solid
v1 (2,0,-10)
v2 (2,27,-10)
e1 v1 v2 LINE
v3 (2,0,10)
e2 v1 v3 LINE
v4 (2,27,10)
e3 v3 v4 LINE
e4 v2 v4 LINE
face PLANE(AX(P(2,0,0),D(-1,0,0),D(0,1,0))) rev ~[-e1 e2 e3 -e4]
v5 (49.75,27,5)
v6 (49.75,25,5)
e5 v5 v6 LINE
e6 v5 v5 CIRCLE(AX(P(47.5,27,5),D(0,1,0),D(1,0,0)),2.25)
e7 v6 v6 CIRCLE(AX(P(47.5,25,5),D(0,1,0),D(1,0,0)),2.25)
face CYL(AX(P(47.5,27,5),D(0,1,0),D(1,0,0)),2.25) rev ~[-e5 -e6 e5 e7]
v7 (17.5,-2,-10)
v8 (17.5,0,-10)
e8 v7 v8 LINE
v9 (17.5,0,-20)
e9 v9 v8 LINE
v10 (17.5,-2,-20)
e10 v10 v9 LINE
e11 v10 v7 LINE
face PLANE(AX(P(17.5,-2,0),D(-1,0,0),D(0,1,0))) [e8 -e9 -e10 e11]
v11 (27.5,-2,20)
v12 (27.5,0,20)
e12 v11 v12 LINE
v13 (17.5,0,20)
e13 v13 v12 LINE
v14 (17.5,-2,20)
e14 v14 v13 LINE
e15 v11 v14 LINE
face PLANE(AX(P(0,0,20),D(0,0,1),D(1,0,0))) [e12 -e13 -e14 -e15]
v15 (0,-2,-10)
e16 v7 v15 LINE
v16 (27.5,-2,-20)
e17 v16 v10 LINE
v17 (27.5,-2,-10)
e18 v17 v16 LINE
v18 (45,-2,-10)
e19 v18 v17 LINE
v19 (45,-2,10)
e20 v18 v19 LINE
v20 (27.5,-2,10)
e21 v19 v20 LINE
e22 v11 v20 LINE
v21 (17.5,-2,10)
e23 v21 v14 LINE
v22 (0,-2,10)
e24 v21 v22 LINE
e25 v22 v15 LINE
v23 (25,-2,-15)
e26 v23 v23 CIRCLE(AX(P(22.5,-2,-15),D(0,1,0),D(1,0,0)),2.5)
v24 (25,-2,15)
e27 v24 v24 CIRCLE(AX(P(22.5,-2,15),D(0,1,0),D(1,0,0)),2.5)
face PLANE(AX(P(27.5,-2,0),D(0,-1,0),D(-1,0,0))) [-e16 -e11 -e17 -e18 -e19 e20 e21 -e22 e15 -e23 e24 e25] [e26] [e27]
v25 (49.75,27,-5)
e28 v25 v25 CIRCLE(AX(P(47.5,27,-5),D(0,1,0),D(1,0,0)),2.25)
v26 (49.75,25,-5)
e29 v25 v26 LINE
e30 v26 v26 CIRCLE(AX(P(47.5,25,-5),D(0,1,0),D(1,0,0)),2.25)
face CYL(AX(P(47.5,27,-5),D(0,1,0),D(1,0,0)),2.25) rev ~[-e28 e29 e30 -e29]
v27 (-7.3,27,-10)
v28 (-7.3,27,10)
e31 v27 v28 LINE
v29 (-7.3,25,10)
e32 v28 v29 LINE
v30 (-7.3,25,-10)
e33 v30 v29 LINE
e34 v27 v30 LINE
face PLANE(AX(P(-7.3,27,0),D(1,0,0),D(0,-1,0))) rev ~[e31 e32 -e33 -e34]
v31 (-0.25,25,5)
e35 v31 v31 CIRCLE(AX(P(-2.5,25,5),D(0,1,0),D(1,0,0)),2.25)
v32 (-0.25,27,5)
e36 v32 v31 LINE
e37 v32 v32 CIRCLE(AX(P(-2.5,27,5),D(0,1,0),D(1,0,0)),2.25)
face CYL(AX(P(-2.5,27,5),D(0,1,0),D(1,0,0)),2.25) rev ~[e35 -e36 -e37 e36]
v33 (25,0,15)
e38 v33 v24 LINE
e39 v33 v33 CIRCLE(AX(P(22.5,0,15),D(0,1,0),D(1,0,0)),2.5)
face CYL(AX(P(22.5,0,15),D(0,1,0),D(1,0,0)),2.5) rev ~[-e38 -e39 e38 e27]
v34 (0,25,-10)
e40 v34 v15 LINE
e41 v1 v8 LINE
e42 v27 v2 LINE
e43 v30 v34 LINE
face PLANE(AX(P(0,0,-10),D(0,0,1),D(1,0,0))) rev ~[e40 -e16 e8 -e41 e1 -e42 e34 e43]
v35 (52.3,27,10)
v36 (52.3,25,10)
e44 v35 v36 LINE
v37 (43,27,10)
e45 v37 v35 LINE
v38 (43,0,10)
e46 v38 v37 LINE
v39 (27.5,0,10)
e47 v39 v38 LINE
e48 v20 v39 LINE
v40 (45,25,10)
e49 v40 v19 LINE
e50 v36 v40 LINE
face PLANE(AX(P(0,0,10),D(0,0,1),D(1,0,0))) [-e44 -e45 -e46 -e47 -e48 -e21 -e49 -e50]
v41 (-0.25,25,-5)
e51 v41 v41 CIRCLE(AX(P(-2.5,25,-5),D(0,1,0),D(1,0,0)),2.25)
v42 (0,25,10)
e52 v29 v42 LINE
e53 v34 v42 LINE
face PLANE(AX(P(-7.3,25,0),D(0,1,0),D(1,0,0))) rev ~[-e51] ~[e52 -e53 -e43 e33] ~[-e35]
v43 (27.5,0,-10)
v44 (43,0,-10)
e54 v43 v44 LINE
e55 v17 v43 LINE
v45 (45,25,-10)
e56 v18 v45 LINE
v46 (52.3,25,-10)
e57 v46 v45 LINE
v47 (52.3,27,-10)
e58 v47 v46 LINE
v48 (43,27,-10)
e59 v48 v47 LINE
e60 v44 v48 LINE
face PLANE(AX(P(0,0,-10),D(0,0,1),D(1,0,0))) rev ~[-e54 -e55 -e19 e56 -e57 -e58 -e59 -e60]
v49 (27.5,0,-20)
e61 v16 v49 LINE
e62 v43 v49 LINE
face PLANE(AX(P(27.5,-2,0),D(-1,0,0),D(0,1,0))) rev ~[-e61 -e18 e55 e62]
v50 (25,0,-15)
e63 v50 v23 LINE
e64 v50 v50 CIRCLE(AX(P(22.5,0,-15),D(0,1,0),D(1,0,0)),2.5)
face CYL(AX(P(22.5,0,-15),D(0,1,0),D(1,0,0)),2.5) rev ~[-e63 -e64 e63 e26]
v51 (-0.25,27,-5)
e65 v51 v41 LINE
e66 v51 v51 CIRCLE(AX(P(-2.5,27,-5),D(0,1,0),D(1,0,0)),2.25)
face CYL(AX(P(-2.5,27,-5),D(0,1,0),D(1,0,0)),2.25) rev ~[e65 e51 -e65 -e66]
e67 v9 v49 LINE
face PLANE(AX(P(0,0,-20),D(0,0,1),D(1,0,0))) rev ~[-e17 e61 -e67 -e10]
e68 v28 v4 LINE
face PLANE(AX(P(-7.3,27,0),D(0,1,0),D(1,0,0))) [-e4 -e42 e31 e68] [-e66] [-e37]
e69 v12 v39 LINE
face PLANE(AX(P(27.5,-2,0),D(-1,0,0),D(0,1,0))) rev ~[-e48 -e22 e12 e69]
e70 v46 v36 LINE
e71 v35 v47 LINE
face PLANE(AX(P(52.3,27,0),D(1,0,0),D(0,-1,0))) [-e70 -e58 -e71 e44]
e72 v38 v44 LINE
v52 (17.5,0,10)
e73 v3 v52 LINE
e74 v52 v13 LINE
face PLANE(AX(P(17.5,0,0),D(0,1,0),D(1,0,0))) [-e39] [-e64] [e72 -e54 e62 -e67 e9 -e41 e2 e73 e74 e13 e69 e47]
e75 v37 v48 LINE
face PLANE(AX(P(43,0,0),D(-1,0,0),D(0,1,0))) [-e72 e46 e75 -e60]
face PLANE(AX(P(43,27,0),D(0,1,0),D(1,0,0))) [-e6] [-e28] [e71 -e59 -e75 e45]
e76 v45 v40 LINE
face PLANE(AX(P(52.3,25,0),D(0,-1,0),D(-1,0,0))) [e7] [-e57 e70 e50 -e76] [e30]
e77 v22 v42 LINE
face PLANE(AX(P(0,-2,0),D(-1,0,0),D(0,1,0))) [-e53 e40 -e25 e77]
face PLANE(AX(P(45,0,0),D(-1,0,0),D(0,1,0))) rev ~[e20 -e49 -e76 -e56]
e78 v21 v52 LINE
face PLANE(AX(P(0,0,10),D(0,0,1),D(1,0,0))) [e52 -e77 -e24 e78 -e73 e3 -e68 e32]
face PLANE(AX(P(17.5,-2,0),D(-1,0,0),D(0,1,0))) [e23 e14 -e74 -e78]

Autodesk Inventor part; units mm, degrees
ref_plane "YZ Plane" through (0, 0, 0) normal (1, 0, 0) x (0, 1, 0)
ref_plane "XZ Plane" through (0, 0, 0) normal (0, 1, 0) x (-1, 0, 0)
ref_plane "XY Plane" through (0, 0, 0) normal (0, 0, 1) x (1, 0, 0)
sketch "Sketch1" plane through (0, 0, 0) normal (0, 0, 1) x (1, 0, 0)
  line L0 (2, 0) -> (43, 0)
  line L1 (45, 0) -> (45, -2)
  line L2 (45, -2) -> (0, -2)
  line L3 (0, -2) -> (0, 0)
  line L4 (45, 0) -> (45, 25)
  line L5 (52.3, 27) -> (52.3, 25)
  line L6 (52.3, 25) -> (45, 25)
  line L7 (22.5, -2) -> (22.5, 38) construction
  line L8 (0, 0) -> (0, 25)
  line L9 (-7.3, 27) -> (-7.3, 25)
  line L10 (-7.3, 25) -> (0, 25)
  line L11 (2, 0) -> (2, 27)
  line L12 (43, 0) -> (43, 27)
  line L13 (43, 27) -> (52.3, 27)
  line L14 (-7.3, 27) -> (2, 27)
  line L15 (17.5, -2) -> (17.5, 0)
  line L16 (27.5, -2) -> (27.5, 0)
  point P0 (27.5, -2)
  point P1 (17.5, -2)
  dimension "d0" = 45
  dimension "d4" = 2
  dimension "d5" = 40
  dimension "d8" = 2
  dimension "d9" = 27
  dimension "d11" = 9.3
  dimension "d20" = 2
  dimension "d29" = 5
  dimension "d30" = 10
extrude "Extrusion1" add sketch "Sketch1" along normal mid plane 20 contours L0 L15 L2 L3 L8 L10 L9 L14 L11 | L0 L12 L13 L5 L6 L4 L1 L2 L16
sketch "Sketch3" plane through (-7.3, 27, -10) normal (0, 1, 0) x (1, 0, 0)
  circle A0 centre (4.8, -5) radius 2.25
  line L0 (9.3, 0) -> (9.3, -20) projected
  line L1 (0, 0) -> (9.3, 0) projected
  circle A1 centre (4.8, -15) radius 2.25
  line L2 (7.3, -20) -> (52.3, -20) construction
  line L3 (29.8, -20) -> (29.8, 0) construction
  circle A2 centre (54.8, -5) radius 2.25
  circle A3 centre (54.8, -15) radius 2.25
  dimension "d21" = 4.5
  dimension "d22" = 4.5
  dimension "d23" = 5
  dimension "d24" = 4.5
  dimension "d25" = 10
  dimension "d26" = 4.5
extrude "Extrusion2" cut sketch "Sketch3" against normal through all
extrude "Extrusion3" add sketch "Sketch1" along normal mid plane 40 contours L0 L16 L2 L15
sketch "Sketch4" plane through (2, 0, 10) normal (0, 1, 0) x (1, 0, 0)
  circle A0 centre (20.5, -5) radius 2.5
  circle A1 centre (20.5, 25) radius 2.5
  line L0 (15.5, 30) -> (25.5, 30) projected
  line L1 (25.5, 20) -> (25.5, 30) projected
  line L2 (25.5, -10) -> (25.5, 0) projected
  line L3 (25.5, -10) -> (15.5, -10) projected
  point P0 (-2, 10)
  dimension "d33" = 5
  dimension "d34" = 5
  dimension "d35" = 5
  dimension "d36" = 5
  dimension "d37" = 5
extrude "Extrusion4" cut sketch "Sketch4" against normal blind 5
thread "Thread1" size "M5x0.8" class "6H" standard "ANSI Metric M Profile" length 77
thread "Thread2" size "M4.5x0.75" class "6H" standard "ANSI Metric M Profile" length 77
thread "Thread3" size "M4.5x0.75" class "6H" standard "ANSI Metric M Profile" length 77
thread "Thread4" size "M4.5x0.75" class "6H" standard "ANSI Metric M Profile" length 77
thread "Thread5" size "M4.5x0.75" class "6H" standard "ANSI Metric M Profile" length 77
thread "Thread6" size "M5x0.8" class "6H" standard "ANSI Metric M Profile" length 77
equation "\"d11\" = d10"
equation "\"d26\" = d22"
equation "\"d36\" = d34"
equation "\"d37\" = d33"
equation "\"d38\" = d37"
equation "\"d10\" = 9.3"
properties part number "Servo Mount"
